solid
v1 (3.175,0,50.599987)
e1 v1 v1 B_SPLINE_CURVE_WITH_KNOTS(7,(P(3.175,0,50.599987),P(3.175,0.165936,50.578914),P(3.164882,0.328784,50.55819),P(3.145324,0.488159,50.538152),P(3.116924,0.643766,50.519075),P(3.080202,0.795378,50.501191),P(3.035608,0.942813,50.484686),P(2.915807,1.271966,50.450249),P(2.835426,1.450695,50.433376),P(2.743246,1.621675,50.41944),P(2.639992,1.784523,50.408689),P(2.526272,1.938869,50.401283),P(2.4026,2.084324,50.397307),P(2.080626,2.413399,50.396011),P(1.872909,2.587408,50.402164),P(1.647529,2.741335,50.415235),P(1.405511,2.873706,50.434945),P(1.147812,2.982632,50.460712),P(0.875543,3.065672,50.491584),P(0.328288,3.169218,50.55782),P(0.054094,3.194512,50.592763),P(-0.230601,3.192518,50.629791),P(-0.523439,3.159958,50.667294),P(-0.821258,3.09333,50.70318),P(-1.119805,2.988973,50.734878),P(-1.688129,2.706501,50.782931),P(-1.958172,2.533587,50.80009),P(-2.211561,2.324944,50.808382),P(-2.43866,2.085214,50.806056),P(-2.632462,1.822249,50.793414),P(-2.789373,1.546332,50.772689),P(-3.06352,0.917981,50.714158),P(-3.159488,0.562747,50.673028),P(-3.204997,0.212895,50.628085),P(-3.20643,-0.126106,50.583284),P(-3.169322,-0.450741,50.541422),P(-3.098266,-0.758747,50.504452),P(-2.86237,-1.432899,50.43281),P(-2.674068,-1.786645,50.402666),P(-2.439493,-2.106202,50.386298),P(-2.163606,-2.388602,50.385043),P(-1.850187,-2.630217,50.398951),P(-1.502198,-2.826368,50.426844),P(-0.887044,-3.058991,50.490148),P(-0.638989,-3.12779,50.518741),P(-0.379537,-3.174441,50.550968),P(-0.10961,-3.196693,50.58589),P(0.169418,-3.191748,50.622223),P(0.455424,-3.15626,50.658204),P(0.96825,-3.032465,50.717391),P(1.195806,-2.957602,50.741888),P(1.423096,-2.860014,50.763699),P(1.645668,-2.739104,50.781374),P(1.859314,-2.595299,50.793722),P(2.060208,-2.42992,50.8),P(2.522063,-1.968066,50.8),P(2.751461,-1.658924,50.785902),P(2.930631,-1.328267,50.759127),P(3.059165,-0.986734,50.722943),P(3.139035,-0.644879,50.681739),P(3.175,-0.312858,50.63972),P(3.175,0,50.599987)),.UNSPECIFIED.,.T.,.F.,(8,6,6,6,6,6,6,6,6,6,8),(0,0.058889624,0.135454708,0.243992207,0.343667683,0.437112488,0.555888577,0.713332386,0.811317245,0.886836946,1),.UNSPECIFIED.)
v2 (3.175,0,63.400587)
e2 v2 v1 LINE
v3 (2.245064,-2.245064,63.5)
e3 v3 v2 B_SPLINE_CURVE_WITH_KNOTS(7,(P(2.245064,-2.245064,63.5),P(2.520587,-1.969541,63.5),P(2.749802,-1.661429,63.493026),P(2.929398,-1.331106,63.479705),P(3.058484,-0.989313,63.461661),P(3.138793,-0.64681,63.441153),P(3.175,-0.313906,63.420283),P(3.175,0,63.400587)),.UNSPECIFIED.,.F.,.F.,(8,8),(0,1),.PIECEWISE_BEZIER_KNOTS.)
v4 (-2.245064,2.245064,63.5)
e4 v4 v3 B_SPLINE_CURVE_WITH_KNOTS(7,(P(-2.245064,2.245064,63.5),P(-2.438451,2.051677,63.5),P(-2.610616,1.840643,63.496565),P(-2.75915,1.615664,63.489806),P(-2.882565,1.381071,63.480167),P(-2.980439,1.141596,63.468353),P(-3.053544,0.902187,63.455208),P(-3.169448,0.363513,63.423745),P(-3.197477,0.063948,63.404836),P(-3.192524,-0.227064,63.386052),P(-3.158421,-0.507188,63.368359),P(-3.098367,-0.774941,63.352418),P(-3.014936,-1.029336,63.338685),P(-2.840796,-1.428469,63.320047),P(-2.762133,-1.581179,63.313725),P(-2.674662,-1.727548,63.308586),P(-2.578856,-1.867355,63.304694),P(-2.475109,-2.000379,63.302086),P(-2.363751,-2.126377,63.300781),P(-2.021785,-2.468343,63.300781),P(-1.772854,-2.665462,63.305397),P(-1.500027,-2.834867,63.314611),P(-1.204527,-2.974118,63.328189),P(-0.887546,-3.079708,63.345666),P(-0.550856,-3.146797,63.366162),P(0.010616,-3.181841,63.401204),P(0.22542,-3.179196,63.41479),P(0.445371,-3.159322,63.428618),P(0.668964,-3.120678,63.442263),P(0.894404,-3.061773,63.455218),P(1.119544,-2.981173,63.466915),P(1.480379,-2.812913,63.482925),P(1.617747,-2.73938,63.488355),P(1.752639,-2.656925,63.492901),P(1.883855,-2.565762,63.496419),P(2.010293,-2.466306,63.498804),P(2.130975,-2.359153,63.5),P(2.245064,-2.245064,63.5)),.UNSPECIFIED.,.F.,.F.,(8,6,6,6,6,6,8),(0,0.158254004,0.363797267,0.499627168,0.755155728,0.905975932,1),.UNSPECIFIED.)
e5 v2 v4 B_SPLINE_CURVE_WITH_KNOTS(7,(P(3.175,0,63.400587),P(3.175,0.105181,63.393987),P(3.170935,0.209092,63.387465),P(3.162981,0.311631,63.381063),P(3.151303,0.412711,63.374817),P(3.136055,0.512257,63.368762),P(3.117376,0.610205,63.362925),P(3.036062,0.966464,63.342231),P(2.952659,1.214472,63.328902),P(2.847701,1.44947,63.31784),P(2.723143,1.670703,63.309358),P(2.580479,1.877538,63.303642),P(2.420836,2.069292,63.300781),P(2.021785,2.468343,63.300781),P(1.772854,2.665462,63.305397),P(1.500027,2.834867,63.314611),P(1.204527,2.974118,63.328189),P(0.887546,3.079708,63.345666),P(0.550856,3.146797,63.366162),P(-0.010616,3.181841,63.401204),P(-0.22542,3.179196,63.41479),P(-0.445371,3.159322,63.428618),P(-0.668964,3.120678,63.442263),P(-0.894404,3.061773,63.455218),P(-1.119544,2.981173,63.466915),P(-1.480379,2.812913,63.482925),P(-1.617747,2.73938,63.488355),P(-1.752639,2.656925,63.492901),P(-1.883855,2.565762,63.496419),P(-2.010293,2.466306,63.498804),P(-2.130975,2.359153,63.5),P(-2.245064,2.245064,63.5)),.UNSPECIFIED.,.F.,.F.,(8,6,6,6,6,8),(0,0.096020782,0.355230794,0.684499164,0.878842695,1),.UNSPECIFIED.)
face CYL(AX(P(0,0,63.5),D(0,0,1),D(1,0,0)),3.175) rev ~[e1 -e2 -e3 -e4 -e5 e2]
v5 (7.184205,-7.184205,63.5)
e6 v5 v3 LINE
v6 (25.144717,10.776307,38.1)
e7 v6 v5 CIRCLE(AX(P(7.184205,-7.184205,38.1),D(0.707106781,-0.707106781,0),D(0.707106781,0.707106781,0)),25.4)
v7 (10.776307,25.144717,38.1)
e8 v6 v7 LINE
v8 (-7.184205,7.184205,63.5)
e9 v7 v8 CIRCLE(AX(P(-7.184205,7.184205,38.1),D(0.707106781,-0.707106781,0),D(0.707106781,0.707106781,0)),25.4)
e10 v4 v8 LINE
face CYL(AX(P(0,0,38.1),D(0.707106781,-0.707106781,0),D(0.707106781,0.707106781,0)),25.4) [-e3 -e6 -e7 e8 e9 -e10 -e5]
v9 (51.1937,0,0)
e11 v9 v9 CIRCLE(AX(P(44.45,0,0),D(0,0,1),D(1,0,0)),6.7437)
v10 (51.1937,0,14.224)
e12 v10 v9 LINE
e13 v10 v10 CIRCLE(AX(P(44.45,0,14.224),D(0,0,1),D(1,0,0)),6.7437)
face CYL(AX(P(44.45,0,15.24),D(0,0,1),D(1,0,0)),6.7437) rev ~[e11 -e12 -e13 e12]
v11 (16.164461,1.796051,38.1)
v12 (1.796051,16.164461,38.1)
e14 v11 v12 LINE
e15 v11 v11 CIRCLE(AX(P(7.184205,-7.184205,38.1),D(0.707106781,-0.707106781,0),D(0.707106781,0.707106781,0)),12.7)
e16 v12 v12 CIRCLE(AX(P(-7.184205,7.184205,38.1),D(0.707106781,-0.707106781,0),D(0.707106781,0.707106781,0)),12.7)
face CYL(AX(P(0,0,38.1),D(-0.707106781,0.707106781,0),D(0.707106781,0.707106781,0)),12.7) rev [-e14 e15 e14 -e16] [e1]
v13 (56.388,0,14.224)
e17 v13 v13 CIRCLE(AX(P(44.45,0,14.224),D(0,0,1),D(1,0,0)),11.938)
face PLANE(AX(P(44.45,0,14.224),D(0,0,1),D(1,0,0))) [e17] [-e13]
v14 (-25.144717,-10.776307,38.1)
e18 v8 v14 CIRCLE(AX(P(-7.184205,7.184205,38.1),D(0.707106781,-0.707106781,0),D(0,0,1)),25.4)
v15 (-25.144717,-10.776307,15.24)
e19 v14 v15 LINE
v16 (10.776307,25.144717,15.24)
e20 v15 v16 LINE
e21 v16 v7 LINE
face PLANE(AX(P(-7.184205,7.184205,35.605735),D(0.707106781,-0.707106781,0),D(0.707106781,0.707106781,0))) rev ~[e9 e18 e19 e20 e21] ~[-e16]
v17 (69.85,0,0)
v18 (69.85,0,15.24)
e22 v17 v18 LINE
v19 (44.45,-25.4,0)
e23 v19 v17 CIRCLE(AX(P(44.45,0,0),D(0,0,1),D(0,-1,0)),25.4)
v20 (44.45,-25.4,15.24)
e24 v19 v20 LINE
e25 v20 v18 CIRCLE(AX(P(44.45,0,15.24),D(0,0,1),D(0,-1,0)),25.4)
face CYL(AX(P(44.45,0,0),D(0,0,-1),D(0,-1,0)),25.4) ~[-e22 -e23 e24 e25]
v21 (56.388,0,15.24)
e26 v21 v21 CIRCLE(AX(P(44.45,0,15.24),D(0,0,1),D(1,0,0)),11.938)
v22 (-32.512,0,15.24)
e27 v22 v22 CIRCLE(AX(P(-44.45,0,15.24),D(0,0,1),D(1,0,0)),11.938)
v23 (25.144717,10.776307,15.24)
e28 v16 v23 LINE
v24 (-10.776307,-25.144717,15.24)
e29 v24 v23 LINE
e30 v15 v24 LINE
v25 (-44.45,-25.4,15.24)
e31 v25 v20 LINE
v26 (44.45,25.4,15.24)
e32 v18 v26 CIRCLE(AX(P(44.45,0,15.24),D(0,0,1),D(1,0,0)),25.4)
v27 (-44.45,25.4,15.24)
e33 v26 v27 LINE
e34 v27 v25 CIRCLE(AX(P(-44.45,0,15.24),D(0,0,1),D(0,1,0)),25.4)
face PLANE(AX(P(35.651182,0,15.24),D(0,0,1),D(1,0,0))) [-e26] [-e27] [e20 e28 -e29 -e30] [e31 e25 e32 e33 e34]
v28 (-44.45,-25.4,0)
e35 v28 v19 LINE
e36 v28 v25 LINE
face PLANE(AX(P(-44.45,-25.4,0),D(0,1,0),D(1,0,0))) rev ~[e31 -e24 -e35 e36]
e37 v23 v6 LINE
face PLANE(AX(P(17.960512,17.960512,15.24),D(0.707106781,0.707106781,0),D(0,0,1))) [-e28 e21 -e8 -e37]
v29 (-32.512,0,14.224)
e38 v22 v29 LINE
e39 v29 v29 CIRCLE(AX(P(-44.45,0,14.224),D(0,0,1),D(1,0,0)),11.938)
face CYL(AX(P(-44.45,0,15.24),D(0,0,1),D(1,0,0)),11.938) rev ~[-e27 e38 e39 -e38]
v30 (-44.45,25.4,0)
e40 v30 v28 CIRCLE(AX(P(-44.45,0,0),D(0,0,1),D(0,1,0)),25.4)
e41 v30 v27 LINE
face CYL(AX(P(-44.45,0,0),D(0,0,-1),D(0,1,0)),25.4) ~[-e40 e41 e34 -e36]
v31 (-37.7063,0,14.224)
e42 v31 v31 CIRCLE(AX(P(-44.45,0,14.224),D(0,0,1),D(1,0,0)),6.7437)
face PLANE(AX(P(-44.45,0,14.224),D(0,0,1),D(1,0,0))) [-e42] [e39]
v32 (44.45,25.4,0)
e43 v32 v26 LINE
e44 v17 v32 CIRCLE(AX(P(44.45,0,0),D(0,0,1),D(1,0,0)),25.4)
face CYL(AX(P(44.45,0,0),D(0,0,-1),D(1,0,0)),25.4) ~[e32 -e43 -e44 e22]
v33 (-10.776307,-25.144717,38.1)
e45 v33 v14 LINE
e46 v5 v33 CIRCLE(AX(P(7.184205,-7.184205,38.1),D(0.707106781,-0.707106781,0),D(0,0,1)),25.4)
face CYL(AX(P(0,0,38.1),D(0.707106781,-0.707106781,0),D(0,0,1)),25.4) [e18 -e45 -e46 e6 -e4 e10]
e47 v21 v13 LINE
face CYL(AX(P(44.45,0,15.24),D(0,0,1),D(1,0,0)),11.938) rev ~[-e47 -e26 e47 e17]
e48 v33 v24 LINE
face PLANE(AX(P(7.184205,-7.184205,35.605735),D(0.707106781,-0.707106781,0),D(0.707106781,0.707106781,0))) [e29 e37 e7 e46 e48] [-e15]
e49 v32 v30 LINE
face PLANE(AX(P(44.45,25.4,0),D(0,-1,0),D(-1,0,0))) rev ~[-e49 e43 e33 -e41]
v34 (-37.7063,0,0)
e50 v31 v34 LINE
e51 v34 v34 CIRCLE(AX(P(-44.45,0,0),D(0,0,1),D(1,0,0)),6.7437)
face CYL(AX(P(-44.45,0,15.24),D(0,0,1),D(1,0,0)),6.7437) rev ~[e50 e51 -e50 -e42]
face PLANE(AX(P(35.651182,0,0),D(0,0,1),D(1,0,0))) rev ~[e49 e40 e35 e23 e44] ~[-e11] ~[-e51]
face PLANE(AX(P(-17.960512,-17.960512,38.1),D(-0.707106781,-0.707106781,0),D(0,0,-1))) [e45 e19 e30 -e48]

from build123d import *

# Parameters (mm, degrees)
F1_DEPTH  = 15.24
F2_R      = 11.938
F2_R_2    = 6.7437
F3_DEPTH  = 1.016
F4_DEPTH  = 15.241
F7_R      = 12.7
F8_DEPTH  = 10.16
F10_R     = 3.175
F11_DEPTH = 13.1042779758


with BuildPart() as f1:
    # F0 (on Top) → F1 (new body)
    with BuildSketch(Plane.XY):
        with BuildLine():
            ThreePointArc((44.45, 25.4), (19.05, 0), (44.45, -25.4))
            Line((44.45, -25.4), (44.45, 25.4))
        make_face()
        with BuildLine():
            Line((-44.45, -25.4), (44.45, -25.4))
            ThreePointArc((44.45, -25.4), (19.05, 0), (44.45, 25.4))
            Line((44.45, 25.4), (-44.45, 25.4))
            ThreePointArc((-44.45, 25.4), (-26.4894877579, 17.9605122421), (-19.05, 0))
            ThreePointArc((-19.05, 0), (-26.4894877579, -17.9605122421), (-44.45, -25.4))
        make_face()
        with BuildLine():
            Line((44.45, 25.4), (44.45, -25.4))
            ThreePointArc((44.45, -25.4), (62.4105122421, -17.9605122421), (69.85, 0))
            ThreePointArc((69.85, 0), (62.4105122421, 17.9605122421), (44.45, 25.4))
        make_face()
        with BuildLine():
            ThreePointArc((-44.45, 25.4), (-69.85, 0), (-44.45, -25.4))
            Line((-44.45, -25.4), (-44.45, 25.4))
        make_face()
        with BuildLine():
            Line((-44.45, 25.4), (-44.45, -25.4))
            ThreePointArc((-44.45, -25.4), (-26.4894877579, -17.9605122421), (-19.05, 0))
            ThreePointArc((-19.05, 0), (-26.4894877579, 17.9605122421), (-44.45, 25.4))
        make_face()
    extrude(amount=F1_DEPTH)

    # F2 (on face) → F3 (cut)
    with BuildSketch(Plane.XY.offset(15.24)):
        with Locations((44.45, 0)):
            Circle(F2_R)
        with Locations((44.45, 0)):
            Circle(F2_R_2, mode=Mode.SUBTRACT)
        with Locations((-44.45, 0)):
            Circle(F2_R)
        with Locations((-44.45, 0)):
            Circle(F2_R_2, mode=Mode.SUBTRACT)
    extrude(amount=-F3_DEPTH, mode=Mode.SUBTRACT)

    # F2 (on face) → F4 (cut, through all)
    with BuildSketch(Plane.XY.offset(15.24)):
        with Locations((44.45, 0)):
            Circle(F2_R_2)
        with Locations((-44.45, 0)):
            Circle(F2_R_2)
    extrude(amount=-F4_DEPTH, mode=Mode.SUBTRACT)

    # F7 (on line) → F8 (join, symmetric)
    with BuildSketch(Plane(origin=(0, 0, 0), x_dir=(0.7071067812, 0.7071067812, 0), z_dir=(0.7071067812, -0.7071067812, 0))):
        with BuildLine():
            Line((-25.4, 38.1), (-25.4, 15.24))
            Line((-25.4, 15.24), (25.4, 15.24))
            Line((25.4, 15.24), (25.4, 38.1))
            ThreePointArc((25.4, 38.1), (17.9605122421, 56.0605122421), (0, 63.5))
            ThreePointArc((0, 63.5), (-17.9605122421, 56.0605122421), (-25.4, 38.1))
        make_face()
        with Locations((0, 38.1)):
            Circle(F7_R, mode=Mode.SUBTRACT)
    extrude(amount=F8_DEPTH, both=True)

    # F10 (on offset) → F11 (cut, through all)
    with BuildSketch(Plane.XY.offset(63.5)):
        Circle(F10_R)
    extrude(amount=-F11_DEPTH, mode=Mode.SUBTRACT)


solid = f1.part
